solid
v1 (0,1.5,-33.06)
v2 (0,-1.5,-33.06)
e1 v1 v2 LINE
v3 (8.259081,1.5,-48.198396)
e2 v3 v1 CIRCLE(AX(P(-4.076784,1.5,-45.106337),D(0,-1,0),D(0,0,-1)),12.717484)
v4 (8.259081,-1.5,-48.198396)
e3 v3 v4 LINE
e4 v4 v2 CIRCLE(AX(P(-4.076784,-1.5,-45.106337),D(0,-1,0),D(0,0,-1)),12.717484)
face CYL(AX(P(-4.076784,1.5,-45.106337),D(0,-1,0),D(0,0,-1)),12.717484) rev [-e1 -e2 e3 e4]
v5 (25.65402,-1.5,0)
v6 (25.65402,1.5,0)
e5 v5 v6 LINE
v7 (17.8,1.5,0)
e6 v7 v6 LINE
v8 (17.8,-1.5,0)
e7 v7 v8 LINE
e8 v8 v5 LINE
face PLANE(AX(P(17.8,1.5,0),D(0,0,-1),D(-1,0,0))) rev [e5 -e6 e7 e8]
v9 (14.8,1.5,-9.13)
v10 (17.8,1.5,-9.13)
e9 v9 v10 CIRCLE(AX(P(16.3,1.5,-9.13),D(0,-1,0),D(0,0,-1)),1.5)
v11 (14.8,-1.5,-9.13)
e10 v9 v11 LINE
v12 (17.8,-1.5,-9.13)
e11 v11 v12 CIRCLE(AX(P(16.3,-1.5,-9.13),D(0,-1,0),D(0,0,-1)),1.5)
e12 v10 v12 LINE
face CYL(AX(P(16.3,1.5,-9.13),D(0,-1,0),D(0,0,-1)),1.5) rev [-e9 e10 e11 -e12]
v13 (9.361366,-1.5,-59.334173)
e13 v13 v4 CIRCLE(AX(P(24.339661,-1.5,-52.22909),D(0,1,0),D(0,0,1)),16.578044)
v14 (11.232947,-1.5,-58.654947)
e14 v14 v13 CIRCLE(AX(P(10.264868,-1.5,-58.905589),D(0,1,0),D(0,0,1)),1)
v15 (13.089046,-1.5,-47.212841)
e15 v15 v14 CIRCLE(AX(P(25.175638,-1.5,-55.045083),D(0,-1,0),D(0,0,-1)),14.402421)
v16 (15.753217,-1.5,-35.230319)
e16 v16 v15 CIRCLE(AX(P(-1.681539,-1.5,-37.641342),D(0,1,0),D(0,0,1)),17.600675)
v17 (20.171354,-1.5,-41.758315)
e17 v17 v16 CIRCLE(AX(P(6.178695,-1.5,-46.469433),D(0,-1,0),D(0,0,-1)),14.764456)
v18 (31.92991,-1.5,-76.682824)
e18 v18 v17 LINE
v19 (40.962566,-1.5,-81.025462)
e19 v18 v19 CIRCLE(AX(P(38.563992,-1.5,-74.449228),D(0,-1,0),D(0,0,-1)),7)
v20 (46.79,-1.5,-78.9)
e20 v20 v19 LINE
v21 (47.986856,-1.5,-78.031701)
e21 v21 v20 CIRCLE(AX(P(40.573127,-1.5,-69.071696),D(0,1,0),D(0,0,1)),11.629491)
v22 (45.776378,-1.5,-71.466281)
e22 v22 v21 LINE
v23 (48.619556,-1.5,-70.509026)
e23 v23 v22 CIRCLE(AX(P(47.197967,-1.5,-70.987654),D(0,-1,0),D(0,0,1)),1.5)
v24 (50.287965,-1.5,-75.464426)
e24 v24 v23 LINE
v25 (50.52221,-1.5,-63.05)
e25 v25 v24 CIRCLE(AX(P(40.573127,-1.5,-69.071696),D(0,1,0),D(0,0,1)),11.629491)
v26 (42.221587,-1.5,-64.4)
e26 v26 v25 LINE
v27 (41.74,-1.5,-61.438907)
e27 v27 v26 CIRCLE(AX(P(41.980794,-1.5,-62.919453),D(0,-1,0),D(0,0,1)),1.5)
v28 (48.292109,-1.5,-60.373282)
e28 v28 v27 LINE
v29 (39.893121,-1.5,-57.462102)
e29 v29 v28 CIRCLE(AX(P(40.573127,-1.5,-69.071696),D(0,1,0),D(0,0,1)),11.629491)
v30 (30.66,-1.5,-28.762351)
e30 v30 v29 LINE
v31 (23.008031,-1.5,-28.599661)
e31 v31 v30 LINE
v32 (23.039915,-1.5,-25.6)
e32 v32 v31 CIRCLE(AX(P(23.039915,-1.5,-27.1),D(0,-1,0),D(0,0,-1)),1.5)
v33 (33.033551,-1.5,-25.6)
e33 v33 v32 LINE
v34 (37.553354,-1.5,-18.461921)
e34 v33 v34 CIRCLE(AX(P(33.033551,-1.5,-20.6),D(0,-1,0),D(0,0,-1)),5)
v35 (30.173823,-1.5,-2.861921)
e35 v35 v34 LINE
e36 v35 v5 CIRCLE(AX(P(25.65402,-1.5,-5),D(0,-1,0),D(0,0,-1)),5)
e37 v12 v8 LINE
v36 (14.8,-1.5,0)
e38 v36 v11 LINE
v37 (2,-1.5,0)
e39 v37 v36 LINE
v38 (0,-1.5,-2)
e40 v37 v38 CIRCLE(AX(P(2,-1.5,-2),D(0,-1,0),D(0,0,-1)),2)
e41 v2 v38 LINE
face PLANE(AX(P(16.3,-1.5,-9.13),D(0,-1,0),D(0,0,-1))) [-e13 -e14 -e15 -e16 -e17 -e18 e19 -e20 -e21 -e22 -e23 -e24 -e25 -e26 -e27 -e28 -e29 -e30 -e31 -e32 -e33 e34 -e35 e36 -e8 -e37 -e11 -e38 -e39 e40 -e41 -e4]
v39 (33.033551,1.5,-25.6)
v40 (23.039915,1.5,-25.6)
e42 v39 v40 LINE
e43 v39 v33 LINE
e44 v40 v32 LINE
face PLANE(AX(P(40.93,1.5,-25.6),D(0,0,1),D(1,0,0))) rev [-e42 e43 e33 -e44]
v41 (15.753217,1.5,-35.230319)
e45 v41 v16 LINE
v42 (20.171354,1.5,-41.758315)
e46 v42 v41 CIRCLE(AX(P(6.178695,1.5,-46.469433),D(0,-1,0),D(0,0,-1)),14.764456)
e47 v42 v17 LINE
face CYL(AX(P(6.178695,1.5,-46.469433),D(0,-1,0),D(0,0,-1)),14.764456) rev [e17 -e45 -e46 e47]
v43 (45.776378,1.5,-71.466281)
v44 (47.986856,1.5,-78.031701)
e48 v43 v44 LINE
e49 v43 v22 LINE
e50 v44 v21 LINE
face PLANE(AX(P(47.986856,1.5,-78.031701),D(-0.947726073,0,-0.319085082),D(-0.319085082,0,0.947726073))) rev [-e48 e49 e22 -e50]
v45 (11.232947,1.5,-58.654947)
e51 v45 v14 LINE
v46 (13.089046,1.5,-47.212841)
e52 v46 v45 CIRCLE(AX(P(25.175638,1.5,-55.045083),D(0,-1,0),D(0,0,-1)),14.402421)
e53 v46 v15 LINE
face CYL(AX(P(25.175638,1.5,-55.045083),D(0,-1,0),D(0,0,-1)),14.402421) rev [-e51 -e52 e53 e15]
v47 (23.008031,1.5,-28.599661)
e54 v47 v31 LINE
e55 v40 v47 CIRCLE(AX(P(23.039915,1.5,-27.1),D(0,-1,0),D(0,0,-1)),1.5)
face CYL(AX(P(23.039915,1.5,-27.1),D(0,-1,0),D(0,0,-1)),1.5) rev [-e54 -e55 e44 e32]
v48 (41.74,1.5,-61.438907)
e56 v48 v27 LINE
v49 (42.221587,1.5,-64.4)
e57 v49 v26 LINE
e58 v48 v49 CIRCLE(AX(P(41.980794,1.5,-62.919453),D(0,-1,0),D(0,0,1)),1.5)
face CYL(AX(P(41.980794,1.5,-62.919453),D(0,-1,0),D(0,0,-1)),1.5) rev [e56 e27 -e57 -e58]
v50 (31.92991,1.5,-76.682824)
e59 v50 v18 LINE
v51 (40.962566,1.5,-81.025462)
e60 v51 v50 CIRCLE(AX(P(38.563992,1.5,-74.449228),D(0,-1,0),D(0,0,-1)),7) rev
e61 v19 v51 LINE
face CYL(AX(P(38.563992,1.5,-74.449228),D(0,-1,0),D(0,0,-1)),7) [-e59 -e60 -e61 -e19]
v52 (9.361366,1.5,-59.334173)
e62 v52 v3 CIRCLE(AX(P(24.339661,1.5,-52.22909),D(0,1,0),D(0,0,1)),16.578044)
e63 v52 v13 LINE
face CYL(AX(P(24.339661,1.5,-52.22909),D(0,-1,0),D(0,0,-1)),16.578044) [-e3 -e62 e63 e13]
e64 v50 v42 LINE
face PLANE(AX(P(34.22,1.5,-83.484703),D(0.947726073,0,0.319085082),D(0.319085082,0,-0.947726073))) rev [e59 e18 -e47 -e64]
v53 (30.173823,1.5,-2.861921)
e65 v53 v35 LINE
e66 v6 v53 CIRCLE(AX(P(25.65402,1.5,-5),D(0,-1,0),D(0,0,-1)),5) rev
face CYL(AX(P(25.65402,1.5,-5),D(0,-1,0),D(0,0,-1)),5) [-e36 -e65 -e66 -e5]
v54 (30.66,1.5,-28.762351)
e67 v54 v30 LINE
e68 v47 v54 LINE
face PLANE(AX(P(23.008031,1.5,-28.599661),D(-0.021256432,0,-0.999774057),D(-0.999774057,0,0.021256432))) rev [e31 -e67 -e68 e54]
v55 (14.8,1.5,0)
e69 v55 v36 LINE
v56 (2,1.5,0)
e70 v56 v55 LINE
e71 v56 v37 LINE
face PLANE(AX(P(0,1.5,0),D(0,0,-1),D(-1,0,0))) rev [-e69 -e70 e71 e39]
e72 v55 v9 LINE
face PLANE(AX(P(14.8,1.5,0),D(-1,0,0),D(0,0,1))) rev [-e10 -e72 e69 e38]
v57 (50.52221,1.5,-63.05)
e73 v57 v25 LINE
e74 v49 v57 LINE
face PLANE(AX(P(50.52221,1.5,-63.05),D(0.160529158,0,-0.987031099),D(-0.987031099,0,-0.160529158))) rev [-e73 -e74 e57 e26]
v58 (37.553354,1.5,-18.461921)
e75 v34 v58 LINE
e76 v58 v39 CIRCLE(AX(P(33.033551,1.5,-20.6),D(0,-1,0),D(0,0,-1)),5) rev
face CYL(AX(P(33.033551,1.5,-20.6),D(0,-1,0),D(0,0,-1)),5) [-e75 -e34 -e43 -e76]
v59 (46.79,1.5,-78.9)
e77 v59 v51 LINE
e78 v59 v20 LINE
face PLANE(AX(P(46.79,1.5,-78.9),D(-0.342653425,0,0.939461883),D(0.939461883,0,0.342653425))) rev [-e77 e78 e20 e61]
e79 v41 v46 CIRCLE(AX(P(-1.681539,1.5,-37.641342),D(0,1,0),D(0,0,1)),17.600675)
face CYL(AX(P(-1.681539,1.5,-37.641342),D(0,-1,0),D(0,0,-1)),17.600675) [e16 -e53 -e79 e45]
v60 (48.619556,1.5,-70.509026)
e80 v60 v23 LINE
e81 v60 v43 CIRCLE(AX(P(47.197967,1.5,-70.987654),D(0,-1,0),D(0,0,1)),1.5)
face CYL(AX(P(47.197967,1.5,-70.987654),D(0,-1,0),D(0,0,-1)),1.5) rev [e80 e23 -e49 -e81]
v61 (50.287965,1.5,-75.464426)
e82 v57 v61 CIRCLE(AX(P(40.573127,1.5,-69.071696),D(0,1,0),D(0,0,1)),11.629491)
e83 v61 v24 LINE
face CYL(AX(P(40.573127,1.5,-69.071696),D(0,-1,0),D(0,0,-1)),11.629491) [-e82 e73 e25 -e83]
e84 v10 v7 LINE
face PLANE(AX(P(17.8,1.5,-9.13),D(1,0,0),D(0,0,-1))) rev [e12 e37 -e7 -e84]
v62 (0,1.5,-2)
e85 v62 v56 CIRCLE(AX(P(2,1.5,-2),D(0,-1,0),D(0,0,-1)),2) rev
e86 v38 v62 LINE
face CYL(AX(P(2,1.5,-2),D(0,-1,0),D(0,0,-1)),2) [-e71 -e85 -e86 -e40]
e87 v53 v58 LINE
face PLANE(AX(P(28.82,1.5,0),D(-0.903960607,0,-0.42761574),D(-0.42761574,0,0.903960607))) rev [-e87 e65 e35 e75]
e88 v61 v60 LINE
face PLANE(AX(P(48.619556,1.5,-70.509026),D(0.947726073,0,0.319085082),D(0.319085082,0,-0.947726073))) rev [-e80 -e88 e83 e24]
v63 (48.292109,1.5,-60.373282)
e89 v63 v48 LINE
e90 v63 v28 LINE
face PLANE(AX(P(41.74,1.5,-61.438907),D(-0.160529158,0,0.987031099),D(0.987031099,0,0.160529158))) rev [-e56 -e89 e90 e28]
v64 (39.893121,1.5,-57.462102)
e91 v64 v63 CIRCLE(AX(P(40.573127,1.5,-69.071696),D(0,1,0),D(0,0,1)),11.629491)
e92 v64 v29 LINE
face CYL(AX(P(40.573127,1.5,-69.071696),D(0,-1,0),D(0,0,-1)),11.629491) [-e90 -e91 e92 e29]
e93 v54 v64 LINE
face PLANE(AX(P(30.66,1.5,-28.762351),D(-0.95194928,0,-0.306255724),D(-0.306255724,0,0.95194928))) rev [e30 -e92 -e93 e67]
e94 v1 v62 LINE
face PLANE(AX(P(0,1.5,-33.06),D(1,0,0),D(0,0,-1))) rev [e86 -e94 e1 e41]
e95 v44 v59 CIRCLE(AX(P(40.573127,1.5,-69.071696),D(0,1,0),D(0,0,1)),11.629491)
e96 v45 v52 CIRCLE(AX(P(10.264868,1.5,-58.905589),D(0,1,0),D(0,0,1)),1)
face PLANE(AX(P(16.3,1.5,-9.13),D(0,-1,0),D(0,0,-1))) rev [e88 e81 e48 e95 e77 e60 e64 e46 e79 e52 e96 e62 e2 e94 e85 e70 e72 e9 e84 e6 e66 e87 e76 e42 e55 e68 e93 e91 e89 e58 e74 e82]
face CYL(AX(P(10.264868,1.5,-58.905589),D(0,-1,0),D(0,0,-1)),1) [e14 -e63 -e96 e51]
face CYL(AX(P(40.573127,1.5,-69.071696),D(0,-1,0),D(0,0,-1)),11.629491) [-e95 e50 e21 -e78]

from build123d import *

# Parameters (mm, degrees)
BOSS_EXTRUDE1_DEPTH = 1.5
FILLET1_R           = 5
FILLET3_R           = 7
FILLET4_R           = 2
FILLET5_R           = 5


with BuildPart() as part:
    # Sketch1 → Boss-Extrude1 (new, symmetric)
    with BuildSketch(Plane(origin=(0, 0, 0), x_dir=(1, 0, 0), z_dir=(0, 1, 0))):
        with BuildLine():
            Line((0, 33.06), (0, 0))
            Line((0, 0), (14.8, 0))
            Line((14.8, 0), (14.8, 9.13))
            ThreePointArc((14.8, 9.13), (16.3, 10.63), (17.8, 9.13))
            Line((17.8, 9.13), (17.8, 0))
            Line((17.8, 0), (28.82, 0))
            Line((28.82, 0), (40.93, 25.6))
            Line((40.93, 25.6), (23.039915269, 25.6))
            ThreePointArc((23.039915269, 25.6), (21.54, 27.084056775), (23.00803062, 28.599661085))
            Line((23.00803062, 28.599661085), (30.66, 28.762351413))
            Line((30.66, 28.762351413), (39.893121089, 57.462102219))
            ThreePointArc((39.893121089, 57.462102219), (44.38174059, 58.083541414), (48.292108688, 60.373282238))
            Line((48.292108688, 60.373282238), (41.74, 61.438906704))
            ThreePointArc((41.74, 61.438906704), (40.500247088, 63.160247088), (42.221587473, 64.4))
            Line((42.221587473, 64.4), (50.522210261, 63.05))
            ThreePointArc((50.522210261, 63.05), (52.200549071, 69.291091406), (50.287964746, 75.464426347))
            Line((50.287964746, 75.464426347), (48.619556224, 70.509026223))
            ThreePointArc((48.619556224, 70.509026223), (46.719339491, 69.566064737), (45.776378004, 71.466281471))
            Line((45.776378004, 71.466281471), (47.986855886, 78.031701286))
            ThreePointArc((47.986855886, 78.031701286), (47.402242068, 78.484891921), (46.79, 78.9))
            Line((46.79, 78.9), (34.22, 83.484702826))
            Line((34.22, 83.484702826), (20.171354305, 41.75831525))
            ThreePointArc((20.171354305, 41.75831525), (18.405987937, 38.194020326), (15.753217128, 35.230319303))
            ThreePointArc((15.753217128, 35.230319303), (15.499590166, 41.461362705), (13.089045589, 47.212841067))
            ThreePointArc((13.089045589, 47.212841067), (10.959051171, 52.738918493), (11.232947268, 58.654946626))
            ThreePointArc((11.232947268, 58.654946626), (10.606012481, 59.845600176), (9.361365657, 59.334173363))
            ThreePointArc((9.361365657, 59.334173363), (7.842242616, 53.86210101), (8.259081404, 48.198395856))
            ThreePointArc((8.259081404, 48.198395856), (7.08728895, 39.015533985), (0, 33.06))
        make_face()
    extrude(amount=BOSS_EXTRUDE1_DEPTH, both=True)

    # Fillet1
    fillet1_edges = [part.edges().sort_by_distance(p)[0] for p in [
        (40.93, 0, -25.6),
    ]]
    fillet(fillet1_edges, radius=FILLET1_R)

    # Fillet3
    fillet3_edges = [part.edges().sort_by_distance(p)[0] for p in [
        (34.22, 0, -83.484702826),
    ]]
    fillet(fillet3_edges, radius=FILLET3_R)

    # Fillet4
    fillet4_edges = [part.edges().sort_by_distance(p)[0] for p in [
        (0, 0, 0),
    ]]
    fillet(fillet4_edges, radius=FILLET4_R)

    # Fillet5
    fillet5_edges = [part.edges().sort_by_distance(p)[0] for p in [
        (28.82, 0, 0),
    ]]
    fillet(fillet5_edges, radius=FILLET5_R)


solid = part.part
